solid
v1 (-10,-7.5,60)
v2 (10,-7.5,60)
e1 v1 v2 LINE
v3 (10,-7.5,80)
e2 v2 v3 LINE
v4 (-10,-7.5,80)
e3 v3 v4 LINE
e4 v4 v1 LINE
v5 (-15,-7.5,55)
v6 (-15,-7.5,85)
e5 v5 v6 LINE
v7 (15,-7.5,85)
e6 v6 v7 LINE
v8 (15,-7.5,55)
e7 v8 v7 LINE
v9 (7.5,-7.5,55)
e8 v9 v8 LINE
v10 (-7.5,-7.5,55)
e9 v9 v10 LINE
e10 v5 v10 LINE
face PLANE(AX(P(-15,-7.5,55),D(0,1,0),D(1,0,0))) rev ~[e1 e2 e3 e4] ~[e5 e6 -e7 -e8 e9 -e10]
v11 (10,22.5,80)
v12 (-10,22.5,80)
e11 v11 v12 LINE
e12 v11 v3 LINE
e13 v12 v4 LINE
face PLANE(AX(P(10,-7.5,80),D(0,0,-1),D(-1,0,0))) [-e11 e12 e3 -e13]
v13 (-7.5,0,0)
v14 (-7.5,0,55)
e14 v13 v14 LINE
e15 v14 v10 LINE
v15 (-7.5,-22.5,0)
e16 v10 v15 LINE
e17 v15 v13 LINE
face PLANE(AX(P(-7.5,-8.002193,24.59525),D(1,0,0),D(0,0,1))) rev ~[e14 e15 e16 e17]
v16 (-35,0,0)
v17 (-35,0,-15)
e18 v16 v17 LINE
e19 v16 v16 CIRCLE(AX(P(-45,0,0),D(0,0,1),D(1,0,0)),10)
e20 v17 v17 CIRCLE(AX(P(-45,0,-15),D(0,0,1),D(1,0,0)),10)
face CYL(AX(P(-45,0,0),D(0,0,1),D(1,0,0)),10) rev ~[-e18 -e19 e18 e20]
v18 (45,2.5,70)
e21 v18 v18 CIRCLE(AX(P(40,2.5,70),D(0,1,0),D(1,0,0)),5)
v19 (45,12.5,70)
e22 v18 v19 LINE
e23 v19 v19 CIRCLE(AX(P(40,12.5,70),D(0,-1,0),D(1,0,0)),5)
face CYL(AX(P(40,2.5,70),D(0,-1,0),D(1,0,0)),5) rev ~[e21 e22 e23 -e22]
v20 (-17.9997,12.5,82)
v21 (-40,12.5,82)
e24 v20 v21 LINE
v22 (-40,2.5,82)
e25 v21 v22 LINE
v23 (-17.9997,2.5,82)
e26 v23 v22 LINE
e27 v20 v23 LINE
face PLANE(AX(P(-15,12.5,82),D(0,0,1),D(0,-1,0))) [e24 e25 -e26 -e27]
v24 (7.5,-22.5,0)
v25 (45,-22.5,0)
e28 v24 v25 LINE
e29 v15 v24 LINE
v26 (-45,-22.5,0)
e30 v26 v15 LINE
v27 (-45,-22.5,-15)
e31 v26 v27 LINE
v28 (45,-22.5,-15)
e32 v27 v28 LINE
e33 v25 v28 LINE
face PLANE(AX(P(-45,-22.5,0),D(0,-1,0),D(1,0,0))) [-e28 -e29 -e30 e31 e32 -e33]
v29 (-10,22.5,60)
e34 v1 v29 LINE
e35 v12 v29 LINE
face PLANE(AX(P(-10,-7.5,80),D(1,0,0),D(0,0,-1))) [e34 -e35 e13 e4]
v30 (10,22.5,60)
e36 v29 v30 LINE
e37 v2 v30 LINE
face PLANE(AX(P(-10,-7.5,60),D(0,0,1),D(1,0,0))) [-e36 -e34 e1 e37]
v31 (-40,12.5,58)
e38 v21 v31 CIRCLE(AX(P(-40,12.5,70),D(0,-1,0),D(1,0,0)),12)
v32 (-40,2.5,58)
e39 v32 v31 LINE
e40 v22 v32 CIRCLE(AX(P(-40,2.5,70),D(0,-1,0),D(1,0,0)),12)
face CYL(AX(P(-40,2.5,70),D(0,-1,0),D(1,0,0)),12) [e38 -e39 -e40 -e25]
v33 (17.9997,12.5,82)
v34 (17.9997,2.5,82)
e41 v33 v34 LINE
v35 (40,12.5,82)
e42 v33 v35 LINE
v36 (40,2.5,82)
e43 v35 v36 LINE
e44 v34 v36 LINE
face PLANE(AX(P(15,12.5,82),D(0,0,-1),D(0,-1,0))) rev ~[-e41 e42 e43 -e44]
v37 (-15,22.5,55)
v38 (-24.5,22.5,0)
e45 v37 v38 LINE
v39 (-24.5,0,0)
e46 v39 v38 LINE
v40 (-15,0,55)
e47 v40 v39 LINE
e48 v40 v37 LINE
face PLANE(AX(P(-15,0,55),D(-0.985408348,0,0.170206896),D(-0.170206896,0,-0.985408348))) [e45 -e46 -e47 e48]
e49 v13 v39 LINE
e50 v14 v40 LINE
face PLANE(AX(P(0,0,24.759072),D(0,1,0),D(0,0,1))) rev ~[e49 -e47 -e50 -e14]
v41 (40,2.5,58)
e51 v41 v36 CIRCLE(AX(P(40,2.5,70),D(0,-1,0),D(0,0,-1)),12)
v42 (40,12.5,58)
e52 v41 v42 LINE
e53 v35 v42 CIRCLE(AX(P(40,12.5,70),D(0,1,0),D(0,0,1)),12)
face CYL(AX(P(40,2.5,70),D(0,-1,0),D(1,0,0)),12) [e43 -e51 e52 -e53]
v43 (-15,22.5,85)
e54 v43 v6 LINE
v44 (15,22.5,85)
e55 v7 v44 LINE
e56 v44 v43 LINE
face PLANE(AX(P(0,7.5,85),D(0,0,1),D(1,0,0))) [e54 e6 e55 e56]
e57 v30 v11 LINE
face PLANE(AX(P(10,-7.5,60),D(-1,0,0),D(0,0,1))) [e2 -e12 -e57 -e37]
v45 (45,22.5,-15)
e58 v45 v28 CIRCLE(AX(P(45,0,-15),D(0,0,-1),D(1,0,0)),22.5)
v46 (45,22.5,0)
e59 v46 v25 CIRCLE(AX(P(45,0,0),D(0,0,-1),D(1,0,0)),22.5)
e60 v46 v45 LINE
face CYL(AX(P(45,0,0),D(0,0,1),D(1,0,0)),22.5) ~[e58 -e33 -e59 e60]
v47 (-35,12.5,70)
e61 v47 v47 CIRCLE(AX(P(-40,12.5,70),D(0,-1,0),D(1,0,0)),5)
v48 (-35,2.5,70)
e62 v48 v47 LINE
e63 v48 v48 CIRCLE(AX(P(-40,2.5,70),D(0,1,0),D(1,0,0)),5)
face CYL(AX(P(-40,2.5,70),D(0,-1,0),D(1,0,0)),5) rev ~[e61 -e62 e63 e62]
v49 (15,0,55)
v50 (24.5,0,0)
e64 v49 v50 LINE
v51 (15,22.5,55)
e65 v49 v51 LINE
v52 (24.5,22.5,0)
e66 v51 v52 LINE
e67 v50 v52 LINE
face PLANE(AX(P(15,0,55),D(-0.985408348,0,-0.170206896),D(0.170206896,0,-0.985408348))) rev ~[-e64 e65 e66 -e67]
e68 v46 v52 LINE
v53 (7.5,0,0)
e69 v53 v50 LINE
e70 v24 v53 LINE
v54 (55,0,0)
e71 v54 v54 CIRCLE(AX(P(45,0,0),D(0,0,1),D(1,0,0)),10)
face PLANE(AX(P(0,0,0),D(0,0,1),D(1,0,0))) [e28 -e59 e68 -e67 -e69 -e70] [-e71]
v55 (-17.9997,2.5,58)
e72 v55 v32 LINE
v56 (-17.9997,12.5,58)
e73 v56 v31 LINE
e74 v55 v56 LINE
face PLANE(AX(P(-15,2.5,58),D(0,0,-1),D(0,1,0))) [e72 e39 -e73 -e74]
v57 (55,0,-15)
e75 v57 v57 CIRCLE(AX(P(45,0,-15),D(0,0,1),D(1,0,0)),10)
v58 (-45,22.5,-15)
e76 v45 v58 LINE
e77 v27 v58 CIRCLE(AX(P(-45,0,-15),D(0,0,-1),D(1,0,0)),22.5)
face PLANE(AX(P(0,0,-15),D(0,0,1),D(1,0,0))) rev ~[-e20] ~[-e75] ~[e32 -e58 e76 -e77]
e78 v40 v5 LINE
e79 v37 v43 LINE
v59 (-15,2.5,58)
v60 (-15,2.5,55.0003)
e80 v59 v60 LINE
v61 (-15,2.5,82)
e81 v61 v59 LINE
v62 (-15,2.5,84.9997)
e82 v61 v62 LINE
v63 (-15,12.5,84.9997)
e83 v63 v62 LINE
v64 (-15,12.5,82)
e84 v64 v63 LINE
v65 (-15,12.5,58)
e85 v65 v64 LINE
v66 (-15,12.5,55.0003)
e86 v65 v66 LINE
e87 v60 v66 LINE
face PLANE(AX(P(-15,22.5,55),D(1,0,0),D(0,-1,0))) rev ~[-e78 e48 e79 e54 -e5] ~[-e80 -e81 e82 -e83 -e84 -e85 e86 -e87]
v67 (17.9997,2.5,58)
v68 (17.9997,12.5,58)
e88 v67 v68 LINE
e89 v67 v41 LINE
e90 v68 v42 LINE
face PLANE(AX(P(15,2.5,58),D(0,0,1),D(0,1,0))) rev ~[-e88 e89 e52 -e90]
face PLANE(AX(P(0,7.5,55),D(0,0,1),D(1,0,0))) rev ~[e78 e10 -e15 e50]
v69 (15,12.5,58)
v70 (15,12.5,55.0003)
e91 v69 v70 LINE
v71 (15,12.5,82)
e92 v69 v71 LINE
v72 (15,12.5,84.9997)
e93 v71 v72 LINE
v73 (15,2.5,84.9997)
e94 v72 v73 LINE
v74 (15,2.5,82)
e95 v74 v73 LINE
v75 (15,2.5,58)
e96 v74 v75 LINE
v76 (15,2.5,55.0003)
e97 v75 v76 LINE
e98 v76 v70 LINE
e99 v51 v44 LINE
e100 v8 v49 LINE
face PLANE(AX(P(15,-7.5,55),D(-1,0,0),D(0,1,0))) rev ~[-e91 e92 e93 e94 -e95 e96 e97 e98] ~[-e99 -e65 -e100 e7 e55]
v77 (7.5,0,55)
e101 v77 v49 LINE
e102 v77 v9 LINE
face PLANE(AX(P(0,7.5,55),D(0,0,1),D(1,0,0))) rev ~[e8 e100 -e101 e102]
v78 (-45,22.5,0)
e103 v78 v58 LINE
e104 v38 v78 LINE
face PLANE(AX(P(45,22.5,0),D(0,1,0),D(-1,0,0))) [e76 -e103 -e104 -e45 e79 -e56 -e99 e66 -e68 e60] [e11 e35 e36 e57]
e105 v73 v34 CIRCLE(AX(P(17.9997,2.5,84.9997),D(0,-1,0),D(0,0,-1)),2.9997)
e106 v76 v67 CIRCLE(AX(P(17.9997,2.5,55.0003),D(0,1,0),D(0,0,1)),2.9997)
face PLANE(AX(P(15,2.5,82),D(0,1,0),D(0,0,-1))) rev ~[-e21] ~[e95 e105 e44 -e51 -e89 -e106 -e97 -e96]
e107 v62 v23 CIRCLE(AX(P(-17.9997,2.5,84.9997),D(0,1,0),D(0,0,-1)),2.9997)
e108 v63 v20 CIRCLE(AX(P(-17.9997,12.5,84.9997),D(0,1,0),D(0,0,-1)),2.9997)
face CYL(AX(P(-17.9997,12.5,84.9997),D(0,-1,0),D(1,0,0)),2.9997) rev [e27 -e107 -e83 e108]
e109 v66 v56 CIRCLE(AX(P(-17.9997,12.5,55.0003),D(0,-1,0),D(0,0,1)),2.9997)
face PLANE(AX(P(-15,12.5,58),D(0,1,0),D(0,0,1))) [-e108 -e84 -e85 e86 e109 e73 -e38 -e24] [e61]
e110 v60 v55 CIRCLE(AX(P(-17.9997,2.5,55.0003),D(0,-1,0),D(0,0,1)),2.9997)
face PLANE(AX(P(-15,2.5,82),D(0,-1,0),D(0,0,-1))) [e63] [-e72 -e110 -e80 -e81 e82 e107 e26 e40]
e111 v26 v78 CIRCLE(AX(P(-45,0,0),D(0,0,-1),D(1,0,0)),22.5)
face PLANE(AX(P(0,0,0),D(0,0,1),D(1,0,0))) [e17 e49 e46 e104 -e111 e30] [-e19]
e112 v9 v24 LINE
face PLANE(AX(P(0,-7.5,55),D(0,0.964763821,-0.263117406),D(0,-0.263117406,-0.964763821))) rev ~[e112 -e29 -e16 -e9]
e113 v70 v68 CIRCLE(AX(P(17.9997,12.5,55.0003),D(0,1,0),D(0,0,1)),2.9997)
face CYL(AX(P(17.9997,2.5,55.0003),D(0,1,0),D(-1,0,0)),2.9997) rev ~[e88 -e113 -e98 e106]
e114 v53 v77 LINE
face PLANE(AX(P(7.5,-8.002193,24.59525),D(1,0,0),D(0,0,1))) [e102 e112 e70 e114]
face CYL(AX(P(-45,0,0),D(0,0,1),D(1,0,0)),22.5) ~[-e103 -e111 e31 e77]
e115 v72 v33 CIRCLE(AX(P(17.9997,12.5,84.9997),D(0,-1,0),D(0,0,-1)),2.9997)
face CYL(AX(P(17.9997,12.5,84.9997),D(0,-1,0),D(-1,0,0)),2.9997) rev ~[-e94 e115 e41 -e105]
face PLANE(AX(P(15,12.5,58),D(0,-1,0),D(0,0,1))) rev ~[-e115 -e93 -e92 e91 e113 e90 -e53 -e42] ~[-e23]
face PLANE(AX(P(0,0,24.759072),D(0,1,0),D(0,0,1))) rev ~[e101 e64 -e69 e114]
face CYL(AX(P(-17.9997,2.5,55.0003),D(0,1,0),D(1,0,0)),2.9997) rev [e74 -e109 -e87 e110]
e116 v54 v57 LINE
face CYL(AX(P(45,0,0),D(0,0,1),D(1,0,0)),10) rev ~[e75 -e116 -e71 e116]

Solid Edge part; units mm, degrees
sketch "Sketch1" plane through (0, 0, 0) normal (0, 0, 1) x (1, 0, 0)
  line L0 (45, 22.5) -> (-45, 22.5)
  line L1 (-45, -22.5) -> (45, -22.5)
  arc A0 (-45, -22.5) -> (-45, 22.5) centre (-45, 0) cw
  arc A1 (45, 22.5) -> (45, -22.5) centre (45, 0) cw
  circle A2 centre (-45, 0) radius 10
  circle A3 centre (45, 0) radius 10
extrude "Protrusion1" add sketch "Sketch1" against normal blind 15
sketch "Sketch2" plane through (0, 0, 0) normal (1, 0, 0) x (0, 1, 0)
  line L0 (-7.5, 55) -> (-22.5, 0)
  line L1 (-22.5, 0) -> (0, 0)
  line L2 (0, 0) -> (0, 55)
  line L3 (0, 55) -> (-7.5, 55)
extrude "ExtrudedProtrusion_2" add sketch "Sketch2" along normal mid plane 15
sketch "Sketch3" plane through (0, 0, 0) normal (0, -1, 0) x (1, 0, 0)
  line L0 (15, 55) -> (24.5, 0)
  line L1 (0, 0) -> (24.5, 0)
  line L2 (0, 0) -> (-24.5, 0)
  line L3 (-15, 55) -> (-24.5, 0)
  line L4 (0, 55) -> (-15, 55)
  line L5 (0, 55) -> (15, 55)
extrude "ExtrudedProtrusion_3" add sketch "Sketch3" against normal blind 22.5
sketch "Sketch4" plane through (0, 7.5, 55) normal (0, 0, 1) x (0, 1, 0)
  line L0 (-15, 15) -> (-15, -15)
  line L1 (-15, -15) -> (15, -15)
  line L2 (15, -15) -> (15, 15)
  line L3 (15, 15) -> (-15, 15)
extrude "ExtrudedProtrusion_4" add sketch "Sketch4" along normal blind 30
sketch "Sketch5" plane through (0, -7.5, 70) normal (0, -1, 0) x (1, 0, 0)
  line L0 (10, -10) -> (10, 10)
  line L1 (10, 10) -> (-10, 10)
  line L2 (-10, 10) -> (-10, -10)
  line L3 (-10, -10) -> (10, -10)
extrude "ExtrudedCutout_1" cut sketch "Sketch5" along normal mid plane 100
sketch "Sketch6" plane through (15, 7.5, 70) normal (1, 0, 0) x (0, 1, 0)
  line L0 (5, -12) -> (5, 12)
  line L1 (5, 12) -> (-5, 12)
  line L2 (-5, 12) -> (-5, -12)
  line L3 (-5, -12) -> (5, -12)
extrude "ExtrudedProtrusion_5" add sketch "Sketch6" along normal blind 25
sketch "Sketch7" plane through (-15, 7.5, 70) normal (-1, 0, 0) x (0, 0, 1)
  line L0 (-12, 5) -> (12, 5)
  line L1 (12, 5) -> (12, -5)
  line L2 (12, -5) -> (-12, -5)
  line L3 (-12, -5) -> (-12, 5)
extrude "ExtrudedProtrusion_6" add sketch "Sketch7" along normal blind 25
sketch "Sketch8" plane through (27.5, 2.5, 70) normal (0, -1, 0) x (1, 0, 0)
  circle A0 centre (12.5, 0) radius 5
extrude "ExtrudedCutout_3" cut sketch "Sketch8" along normal mid plane 50
sketch "Sketch9" plane through (27.5, 2.5, 70) normal (0, -1, 0) x (1, 0, 0)
  circle A0 centre (12.5, 0) radius 12
  circle A1 centre (12.5, 0) radius 5
extrude "ExtrudedProtrusion_7" add sketch "Sketch9" against normal blind 10
sketch "Sketch10" plane through (-27.5, 2.5, 70) normal (0, -1, 0) x (1, 0, 0)
  circle A0 centre (-12.5, 0) radius 12
  circle A1 centre (-12.5, 0) radius 5
extrude "ExtrudedProtrusion_8" add sketch "Sketch10" against normal blind 10
sketch "Sketch11" plane through (-27.5, 2.5, 70) normal (0, -1, 0) x (1, 0, 0)
  circle A0 centre (-12.5, 0) radius 5
extrude "ExtrudedCutout_5" cut sketch "Sketch11" along normal mid plane 50
fillet "Round_2" radius 3 4 edges at (15, 7.5, 82) (-15, 7.5, 82) (15, 7.5, 58) (-15, 7.5, 58)
